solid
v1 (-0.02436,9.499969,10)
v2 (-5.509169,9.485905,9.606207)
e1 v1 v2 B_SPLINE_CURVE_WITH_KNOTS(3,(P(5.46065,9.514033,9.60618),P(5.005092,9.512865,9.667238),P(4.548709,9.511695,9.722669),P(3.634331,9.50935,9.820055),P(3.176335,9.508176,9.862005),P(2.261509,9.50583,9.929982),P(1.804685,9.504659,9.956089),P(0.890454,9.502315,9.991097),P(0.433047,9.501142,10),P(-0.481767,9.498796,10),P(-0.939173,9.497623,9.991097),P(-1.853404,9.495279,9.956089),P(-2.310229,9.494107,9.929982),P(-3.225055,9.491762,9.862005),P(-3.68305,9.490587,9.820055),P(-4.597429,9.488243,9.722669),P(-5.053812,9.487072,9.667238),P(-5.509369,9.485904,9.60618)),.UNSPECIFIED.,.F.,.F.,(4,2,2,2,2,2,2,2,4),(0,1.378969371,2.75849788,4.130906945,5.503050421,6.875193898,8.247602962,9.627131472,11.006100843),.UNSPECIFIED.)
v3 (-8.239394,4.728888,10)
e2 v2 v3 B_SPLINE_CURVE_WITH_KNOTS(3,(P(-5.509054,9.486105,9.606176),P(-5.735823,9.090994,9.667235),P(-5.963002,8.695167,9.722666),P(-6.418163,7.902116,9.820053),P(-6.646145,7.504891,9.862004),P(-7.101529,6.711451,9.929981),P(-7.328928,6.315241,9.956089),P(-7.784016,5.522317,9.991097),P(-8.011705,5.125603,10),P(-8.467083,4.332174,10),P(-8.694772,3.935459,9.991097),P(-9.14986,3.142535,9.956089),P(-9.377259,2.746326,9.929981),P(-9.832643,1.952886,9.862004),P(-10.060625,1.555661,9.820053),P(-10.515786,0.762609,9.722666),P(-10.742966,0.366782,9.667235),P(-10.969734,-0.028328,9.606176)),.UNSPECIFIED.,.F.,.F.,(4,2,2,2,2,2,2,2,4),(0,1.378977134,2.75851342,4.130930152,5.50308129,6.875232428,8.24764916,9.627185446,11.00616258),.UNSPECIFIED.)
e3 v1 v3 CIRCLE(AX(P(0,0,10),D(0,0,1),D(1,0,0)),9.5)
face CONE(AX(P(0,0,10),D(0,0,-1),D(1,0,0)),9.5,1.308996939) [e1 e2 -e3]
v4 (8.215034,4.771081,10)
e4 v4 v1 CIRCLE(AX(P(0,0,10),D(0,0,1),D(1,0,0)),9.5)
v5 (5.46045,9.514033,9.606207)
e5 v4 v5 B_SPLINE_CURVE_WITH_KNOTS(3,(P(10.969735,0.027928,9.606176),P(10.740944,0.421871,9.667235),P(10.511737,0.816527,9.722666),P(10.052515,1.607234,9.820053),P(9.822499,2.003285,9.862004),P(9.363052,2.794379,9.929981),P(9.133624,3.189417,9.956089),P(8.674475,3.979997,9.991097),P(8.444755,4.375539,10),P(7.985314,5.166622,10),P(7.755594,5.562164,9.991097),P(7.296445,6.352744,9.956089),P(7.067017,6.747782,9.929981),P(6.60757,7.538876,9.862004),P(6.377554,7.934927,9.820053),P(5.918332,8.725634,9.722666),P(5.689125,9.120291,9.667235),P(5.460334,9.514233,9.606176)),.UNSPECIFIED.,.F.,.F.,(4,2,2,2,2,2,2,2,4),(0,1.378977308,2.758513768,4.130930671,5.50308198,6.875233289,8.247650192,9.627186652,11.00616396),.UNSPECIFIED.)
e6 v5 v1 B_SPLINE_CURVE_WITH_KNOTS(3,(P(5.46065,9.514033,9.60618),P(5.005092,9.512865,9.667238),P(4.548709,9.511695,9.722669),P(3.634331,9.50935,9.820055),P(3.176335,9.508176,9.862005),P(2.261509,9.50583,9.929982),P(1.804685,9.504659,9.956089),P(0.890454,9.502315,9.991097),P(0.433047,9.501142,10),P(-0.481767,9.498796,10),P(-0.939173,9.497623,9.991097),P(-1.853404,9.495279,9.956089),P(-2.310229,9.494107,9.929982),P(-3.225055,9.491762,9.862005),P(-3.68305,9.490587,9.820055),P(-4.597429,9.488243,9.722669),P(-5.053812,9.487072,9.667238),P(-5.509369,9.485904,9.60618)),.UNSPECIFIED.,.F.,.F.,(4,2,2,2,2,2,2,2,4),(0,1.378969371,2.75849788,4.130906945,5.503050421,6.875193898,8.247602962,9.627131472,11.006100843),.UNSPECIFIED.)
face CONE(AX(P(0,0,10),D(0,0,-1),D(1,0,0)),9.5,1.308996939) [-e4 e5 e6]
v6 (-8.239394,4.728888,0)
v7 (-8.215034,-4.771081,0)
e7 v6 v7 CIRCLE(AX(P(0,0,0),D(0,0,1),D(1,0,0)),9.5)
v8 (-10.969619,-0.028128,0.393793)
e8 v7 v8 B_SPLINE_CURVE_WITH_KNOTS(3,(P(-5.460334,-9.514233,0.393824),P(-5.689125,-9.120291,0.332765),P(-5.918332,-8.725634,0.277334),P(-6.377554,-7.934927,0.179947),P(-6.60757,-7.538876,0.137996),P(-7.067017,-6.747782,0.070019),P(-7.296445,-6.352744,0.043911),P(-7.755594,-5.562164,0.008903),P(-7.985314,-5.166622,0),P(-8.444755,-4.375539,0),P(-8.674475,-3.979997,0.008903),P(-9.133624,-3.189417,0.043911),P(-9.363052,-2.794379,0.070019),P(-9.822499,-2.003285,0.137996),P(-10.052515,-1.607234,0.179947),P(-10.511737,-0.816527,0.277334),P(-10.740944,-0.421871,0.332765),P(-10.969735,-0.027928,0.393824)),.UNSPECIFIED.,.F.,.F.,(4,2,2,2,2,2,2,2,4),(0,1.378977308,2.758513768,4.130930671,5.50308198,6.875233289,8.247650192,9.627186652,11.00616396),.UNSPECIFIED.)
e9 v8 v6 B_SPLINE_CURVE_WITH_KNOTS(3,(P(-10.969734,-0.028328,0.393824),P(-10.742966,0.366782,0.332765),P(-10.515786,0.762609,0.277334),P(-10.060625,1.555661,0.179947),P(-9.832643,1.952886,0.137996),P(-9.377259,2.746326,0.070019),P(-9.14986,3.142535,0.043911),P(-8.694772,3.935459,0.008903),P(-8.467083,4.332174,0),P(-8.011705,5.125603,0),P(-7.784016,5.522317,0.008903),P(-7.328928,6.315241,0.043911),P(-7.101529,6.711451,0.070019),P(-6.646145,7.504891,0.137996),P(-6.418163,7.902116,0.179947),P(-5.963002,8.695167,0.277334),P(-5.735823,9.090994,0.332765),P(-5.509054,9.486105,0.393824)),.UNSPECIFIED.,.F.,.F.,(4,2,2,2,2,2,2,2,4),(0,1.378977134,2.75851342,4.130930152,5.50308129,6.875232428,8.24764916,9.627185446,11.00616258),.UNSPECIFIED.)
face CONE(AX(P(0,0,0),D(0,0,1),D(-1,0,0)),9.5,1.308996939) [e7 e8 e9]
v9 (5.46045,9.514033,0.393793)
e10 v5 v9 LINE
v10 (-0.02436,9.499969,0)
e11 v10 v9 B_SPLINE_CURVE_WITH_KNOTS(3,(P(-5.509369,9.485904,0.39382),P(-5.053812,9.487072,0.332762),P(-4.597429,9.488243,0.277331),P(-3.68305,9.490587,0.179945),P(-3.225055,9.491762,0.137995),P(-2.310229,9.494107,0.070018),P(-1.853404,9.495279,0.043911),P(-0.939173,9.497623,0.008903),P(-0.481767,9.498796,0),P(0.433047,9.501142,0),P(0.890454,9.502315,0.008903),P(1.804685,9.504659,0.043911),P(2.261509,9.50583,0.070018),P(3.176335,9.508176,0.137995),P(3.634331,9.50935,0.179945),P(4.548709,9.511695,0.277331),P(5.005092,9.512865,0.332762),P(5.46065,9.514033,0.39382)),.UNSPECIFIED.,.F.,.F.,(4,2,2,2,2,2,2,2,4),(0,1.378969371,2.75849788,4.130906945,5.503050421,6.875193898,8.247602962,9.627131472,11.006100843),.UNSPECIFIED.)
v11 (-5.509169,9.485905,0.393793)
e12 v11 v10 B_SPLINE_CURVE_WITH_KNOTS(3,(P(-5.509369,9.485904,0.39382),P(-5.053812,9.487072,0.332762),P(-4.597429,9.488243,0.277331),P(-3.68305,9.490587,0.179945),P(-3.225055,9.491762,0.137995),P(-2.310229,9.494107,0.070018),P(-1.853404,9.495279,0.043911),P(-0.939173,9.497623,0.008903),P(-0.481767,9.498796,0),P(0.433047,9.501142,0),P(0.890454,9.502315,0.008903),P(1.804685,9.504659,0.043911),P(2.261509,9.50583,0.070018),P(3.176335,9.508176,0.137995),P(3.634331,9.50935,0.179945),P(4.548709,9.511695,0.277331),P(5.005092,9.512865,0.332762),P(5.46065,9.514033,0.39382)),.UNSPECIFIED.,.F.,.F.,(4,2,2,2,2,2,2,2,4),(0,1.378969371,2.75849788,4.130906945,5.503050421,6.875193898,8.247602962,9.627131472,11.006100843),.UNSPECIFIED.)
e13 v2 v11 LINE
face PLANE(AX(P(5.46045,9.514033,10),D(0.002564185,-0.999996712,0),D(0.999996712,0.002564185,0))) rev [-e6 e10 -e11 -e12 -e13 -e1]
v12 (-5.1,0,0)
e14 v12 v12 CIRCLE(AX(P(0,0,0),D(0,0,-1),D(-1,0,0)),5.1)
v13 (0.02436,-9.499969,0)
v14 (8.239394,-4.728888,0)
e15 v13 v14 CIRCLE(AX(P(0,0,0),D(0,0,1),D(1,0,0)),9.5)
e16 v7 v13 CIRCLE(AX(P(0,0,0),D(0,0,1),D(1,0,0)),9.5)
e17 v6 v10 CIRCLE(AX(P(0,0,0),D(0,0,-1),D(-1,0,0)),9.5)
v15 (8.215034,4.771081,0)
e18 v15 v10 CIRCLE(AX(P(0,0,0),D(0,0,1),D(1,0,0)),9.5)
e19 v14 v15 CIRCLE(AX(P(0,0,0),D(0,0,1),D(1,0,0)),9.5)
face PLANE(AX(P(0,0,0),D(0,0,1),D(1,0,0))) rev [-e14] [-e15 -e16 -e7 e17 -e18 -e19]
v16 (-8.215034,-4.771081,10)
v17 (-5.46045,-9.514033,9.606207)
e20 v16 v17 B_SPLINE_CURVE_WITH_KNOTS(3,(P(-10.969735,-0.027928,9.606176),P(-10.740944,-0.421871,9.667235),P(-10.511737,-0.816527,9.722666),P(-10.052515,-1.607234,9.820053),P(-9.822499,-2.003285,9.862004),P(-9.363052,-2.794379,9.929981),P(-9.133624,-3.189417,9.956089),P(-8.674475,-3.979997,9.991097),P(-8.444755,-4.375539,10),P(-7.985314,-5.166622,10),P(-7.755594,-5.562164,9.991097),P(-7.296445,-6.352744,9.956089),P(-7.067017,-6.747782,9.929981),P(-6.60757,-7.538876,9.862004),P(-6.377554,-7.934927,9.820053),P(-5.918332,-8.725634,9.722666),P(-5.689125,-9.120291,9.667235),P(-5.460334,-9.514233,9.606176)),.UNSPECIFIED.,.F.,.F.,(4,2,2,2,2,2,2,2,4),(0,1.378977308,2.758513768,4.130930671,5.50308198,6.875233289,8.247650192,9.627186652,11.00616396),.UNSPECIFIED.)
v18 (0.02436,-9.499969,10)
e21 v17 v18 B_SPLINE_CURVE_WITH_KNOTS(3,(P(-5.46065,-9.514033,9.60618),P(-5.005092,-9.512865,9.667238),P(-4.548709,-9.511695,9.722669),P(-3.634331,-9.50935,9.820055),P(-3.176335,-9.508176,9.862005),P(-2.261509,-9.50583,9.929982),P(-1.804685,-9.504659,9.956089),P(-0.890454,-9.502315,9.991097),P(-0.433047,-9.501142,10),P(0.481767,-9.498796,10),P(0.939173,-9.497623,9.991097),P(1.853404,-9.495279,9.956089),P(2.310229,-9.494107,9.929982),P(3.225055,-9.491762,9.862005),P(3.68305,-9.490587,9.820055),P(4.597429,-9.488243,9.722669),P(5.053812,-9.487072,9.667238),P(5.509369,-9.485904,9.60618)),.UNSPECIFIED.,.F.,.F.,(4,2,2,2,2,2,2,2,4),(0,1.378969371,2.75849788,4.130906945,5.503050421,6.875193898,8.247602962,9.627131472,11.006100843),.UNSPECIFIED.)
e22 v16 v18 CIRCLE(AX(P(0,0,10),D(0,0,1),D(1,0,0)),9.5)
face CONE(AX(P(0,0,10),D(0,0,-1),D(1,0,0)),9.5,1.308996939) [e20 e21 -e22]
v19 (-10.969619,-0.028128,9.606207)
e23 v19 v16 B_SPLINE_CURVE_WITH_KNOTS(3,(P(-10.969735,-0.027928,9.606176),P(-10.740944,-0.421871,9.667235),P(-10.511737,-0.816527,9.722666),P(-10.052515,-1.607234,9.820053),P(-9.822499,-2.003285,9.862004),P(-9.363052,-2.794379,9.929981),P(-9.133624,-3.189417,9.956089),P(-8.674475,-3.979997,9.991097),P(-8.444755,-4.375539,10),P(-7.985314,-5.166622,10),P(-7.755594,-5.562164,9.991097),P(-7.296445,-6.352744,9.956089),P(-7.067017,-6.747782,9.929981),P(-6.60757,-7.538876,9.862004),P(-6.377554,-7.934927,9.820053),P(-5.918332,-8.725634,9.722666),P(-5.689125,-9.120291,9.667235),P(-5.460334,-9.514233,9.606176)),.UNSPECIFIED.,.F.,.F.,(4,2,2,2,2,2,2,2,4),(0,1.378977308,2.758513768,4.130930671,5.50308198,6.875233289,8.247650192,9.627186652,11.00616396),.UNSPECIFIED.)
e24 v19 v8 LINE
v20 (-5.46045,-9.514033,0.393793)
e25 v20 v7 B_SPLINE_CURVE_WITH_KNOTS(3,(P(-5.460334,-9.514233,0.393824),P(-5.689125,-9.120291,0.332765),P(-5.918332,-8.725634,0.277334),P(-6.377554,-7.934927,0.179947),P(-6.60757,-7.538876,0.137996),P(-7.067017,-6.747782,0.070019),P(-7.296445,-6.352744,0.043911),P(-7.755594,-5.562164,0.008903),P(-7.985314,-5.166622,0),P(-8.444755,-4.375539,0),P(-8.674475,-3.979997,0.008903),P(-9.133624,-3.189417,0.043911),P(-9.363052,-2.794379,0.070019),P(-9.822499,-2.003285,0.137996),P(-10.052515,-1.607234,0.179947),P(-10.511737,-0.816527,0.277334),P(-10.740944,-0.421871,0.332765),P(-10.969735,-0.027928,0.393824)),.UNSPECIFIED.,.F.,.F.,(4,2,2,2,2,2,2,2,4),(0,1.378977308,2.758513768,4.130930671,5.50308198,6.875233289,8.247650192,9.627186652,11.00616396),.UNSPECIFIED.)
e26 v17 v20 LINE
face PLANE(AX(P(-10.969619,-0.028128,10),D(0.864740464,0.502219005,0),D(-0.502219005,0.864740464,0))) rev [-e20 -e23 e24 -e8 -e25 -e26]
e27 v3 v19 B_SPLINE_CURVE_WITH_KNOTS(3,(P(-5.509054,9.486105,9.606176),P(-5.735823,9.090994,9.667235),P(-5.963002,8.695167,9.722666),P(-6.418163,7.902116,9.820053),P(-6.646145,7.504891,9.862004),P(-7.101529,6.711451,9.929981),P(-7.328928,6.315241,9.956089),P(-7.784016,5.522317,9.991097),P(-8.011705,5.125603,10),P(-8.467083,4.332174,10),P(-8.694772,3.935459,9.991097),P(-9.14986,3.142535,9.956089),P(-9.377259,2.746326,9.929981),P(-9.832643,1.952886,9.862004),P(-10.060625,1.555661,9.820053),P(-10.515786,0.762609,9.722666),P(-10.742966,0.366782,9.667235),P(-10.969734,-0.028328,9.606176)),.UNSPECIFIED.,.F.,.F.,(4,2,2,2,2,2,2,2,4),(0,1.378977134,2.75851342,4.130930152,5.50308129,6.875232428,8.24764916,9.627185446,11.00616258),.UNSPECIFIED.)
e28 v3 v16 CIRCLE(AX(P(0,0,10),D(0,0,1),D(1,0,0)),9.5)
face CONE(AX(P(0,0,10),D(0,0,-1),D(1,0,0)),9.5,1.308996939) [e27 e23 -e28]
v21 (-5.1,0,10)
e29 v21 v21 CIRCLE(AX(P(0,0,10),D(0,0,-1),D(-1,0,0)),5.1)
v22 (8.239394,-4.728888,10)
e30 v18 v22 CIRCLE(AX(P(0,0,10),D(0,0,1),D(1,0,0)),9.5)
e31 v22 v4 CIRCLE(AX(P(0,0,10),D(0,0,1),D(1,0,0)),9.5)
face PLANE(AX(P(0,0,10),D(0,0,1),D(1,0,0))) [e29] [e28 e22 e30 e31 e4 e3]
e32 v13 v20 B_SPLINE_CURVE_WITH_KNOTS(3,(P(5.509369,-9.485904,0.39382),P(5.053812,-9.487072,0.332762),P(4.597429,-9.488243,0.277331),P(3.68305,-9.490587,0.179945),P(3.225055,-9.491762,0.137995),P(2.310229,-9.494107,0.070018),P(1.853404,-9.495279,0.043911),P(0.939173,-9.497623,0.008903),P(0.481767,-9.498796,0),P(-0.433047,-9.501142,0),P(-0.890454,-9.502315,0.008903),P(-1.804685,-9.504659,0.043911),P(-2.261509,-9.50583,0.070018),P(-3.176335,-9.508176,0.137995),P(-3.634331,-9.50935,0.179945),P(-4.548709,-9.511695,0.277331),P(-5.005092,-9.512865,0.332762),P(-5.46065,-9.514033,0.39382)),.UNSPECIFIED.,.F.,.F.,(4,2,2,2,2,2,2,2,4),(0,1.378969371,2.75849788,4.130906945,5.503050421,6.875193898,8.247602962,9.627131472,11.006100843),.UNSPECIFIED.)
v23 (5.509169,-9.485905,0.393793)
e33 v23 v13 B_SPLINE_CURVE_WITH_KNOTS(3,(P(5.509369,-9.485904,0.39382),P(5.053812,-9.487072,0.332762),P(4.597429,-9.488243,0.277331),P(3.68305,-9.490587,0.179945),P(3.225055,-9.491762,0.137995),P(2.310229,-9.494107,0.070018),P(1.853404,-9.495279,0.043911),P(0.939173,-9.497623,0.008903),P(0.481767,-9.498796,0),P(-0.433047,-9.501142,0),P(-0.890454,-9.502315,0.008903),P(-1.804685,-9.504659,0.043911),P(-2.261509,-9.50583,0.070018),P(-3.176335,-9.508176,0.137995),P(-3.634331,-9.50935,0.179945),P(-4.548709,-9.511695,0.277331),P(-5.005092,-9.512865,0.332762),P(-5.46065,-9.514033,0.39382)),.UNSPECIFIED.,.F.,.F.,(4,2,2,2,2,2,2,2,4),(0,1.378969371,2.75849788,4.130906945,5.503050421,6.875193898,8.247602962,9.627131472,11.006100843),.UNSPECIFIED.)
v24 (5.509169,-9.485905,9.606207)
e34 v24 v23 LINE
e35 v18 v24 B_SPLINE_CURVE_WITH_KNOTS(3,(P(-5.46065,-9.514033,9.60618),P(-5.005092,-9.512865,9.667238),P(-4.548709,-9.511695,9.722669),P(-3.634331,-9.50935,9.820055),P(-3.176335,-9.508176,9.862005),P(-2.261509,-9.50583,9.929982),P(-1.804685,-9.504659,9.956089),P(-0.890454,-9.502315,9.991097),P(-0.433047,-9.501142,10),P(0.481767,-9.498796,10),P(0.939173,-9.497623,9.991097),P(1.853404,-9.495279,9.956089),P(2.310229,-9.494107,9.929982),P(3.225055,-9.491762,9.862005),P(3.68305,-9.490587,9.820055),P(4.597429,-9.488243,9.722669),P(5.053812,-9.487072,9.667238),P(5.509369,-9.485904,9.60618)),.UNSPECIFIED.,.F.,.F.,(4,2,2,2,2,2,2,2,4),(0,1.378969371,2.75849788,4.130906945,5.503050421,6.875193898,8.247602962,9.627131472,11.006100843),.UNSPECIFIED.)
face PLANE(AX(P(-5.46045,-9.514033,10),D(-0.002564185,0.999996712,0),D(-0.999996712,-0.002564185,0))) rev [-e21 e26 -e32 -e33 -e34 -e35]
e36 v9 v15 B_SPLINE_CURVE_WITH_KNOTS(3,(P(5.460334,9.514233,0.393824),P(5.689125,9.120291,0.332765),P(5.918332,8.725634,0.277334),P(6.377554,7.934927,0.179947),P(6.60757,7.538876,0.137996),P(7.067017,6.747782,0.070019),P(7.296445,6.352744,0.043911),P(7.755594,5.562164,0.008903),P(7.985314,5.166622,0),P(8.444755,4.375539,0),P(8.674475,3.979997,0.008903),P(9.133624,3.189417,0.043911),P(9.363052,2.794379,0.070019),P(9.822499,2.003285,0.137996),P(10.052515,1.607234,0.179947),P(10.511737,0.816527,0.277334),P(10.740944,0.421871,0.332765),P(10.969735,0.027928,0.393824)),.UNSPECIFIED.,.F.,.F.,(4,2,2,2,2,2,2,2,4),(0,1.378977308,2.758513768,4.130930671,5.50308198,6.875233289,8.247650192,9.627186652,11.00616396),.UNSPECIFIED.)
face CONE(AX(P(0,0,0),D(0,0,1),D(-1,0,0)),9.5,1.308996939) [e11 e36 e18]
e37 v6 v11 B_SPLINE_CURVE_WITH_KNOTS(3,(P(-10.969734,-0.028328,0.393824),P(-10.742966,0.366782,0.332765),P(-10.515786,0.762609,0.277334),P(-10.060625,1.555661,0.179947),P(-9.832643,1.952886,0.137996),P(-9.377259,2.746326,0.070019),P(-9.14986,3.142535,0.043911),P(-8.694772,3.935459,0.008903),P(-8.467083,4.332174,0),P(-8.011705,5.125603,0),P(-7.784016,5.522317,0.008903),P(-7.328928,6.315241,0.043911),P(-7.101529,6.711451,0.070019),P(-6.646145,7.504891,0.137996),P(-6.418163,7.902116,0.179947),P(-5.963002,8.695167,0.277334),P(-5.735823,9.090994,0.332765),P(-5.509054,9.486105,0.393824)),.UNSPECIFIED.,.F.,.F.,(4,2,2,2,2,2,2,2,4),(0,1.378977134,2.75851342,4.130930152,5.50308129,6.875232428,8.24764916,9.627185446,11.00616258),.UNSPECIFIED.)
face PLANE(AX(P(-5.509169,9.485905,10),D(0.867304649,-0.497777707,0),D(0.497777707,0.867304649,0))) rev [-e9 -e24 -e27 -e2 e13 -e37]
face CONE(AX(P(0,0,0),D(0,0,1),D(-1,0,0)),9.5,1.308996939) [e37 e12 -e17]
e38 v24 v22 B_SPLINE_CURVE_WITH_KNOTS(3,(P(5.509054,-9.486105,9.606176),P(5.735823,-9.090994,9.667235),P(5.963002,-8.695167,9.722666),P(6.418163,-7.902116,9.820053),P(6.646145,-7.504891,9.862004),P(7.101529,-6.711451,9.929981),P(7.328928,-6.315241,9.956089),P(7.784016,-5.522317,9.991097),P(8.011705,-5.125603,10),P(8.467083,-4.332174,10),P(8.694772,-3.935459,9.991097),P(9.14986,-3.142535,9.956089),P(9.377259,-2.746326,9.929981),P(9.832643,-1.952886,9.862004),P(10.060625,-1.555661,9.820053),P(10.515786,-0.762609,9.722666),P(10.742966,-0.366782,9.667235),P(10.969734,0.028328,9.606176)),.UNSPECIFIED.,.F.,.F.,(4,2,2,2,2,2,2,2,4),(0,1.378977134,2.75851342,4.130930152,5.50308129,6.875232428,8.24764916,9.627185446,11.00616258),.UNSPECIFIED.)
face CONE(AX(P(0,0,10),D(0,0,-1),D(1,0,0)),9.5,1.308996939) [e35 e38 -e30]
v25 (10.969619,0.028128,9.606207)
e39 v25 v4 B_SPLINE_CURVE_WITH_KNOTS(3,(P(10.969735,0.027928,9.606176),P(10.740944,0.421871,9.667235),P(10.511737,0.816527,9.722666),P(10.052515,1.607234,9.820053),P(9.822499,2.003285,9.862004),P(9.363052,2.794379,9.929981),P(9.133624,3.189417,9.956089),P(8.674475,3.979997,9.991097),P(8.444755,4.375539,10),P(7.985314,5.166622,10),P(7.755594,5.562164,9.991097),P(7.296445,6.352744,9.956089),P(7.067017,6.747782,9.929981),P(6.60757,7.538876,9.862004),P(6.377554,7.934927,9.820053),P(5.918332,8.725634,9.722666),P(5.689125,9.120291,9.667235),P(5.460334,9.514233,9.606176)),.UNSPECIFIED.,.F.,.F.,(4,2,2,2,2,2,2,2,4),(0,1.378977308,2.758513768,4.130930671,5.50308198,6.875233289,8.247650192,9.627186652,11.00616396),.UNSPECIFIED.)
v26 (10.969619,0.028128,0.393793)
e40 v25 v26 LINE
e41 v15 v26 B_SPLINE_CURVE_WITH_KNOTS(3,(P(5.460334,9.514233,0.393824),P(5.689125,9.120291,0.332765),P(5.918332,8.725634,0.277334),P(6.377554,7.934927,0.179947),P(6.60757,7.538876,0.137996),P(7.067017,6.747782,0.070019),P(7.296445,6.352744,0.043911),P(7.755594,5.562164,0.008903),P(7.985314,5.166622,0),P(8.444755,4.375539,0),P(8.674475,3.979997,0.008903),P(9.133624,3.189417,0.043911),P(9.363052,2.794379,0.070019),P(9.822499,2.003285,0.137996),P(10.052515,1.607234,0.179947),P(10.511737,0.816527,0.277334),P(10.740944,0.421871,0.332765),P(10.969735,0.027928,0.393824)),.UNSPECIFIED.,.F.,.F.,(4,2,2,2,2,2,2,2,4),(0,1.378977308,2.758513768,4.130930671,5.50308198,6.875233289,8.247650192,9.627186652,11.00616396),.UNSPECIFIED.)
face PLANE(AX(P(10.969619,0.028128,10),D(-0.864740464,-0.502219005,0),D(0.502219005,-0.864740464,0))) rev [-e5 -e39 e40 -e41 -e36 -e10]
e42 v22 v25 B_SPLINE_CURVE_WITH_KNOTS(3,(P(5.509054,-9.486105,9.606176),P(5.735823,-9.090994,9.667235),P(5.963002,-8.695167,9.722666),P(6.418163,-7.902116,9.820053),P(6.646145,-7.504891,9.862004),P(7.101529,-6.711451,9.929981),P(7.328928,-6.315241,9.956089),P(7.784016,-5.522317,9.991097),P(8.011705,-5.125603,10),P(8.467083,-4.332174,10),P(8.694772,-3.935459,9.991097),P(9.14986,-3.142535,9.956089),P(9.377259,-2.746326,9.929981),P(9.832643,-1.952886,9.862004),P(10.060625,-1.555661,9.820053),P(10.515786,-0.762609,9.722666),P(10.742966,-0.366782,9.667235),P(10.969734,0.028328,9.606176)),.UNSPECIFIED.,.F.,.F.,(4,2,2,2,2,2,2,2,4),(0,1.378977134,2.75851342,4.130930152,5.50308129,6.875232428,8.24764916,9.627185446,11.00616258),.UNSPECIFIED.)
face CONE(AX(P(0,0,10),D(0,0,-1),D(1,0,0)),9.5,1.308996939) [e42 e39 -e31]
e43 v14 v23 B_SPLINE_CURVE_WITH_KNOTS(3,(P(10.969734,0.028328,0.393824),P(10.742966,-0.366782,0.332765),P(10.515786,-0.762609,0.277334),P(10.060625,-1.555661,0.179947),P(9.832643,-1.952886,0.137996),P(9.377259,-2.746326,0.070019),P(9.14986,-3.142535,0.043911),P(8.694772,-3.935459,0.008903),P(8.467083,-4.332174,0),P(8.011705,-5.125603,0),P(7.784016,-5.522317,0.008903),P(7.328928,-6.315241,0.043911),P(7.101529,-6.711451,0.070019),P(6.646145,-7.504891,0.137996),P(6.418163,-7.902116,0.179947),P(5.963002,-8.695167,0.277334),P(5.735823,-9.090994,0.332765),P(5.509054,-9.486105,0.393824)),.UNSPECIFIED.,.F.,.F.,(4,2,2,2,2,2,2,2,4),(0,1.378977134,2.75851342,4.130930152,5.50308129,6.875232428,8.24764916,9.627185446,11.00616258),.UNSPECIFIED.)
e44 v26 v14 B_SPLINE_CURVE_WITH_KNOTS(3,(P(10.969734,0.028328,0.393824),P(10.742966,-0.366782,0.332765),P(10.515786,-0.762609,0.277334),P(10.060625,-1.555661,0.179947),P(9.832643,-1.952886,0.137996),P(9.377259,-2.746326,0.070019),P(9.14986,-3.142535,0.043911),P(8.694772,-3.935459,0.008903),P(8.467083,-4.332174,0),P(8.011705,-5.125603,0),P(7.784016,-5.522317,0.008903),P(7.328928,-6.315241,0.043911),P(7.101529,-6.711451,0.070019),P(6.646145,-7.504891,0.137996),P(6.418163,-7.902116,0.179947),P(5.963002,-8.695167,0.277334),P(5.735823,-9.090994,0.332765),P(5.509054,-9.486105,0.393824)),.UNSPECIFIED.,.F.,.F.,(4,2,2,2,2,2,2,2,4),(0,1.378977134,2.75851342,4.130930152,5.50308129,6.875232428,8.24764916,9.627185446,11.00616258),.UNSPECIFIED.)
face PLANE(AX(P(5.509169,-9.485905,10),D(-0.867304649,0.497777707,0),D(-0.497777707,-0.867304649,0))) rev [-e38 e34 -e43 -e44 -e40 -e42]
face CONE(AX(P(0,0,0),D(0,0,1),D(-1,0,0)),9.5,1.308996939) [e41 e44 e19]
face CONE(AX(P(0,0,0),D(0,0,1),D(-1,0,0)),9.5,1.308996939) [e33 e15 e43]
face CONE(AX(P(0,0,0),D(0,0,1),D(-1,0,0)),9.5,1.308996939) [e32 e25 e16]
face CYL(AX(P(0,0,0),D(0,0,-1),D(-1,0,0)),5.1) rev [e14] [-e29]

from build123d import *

# Parameters (mm, degrees)
RESSALTO_EXTRUS_O1_DEPTH = 10
ESBO_O2_OUTSIDE_W        = 142.044
ESBO_O2_OUTSIDE_H        = 139.132
ESBO_O2_OUTSIDE_R        = 9.5
CORTE_EXTRUS_O1_DEPTH    = 15
CORTE_EXTRUS_O1_DRAFT    = -75
ESBO_O3_OUTSIDE_W        = 142.044
ESBO_O3_OUTSIDE_H        = 139.132
ESBO_O3_OUTSIDE_R        = 9.5
CORTE_EXTRUS_O2_DEPTH    = 15
CORTE_EXTRUS_O2_DRAFT    = -75
FURO_ROSCADO_DE_M121_D   = 10.2


with BuildPart() as part:
    # Esboço1 → Ressalto-extrusão1 (new body)
    with BuildSketch(Plane.XY):
        Polygon((5.460449769, 9.51403288), (-5.509169282, 9.485904657), (-10.969619052, -0.028128224), (-5.460449769, -9.51403288), (5.509169282, -9.485904657), (10.969619052, 0.028128224), align=None)
    extrude(amount=RESSALTO_EXTRUS_O1_DEPTH)


with BuildPart() as corte_extrus_o1_tool:
    # Esboço2 outside → Corte-extrusão1 (with draft: the straight prism first)
    with BuildSketch(Plane.XY.offset(10)):
        Rectangle(ESBO_O2_OUTSIDE_W, ESBO_O2_OUTSIDE_H)
        Circle(ESBO_O2_OUTSIDE_R, mode=Mode.SUBTRACT)
    extrude(amount=-CORTE_EXTRUS_O1_DEPTH)
    # Corte-extrusão1: the draft: its side faces are tilted about the plane it starts from
    corte_extrus_o1_sides = [corte_extrus_o1_tool.faces().sort_by_distance(p)[0] for p in [
        (0, -69.566, 2.5),
        (71.022, 0, 2.5),
        (0, 69.566, 2.5),
        (-71.022, 0, 2.5),
        (-9.5, 0, 2.5),
    ]]
    draft(corte_extrus_o1_sides, Plane.XY.offset(10), CORTE_EXTRUS_O1_DRAFT)


with BuildPart() as part_1:
    add(part.part)

    # Corte-extrusão1: cut by corte_extrus_o1_tool
    add(corte_extrus_o1_tool.part, mode=Mode.SUBTRACT)


with BuildPart() as corte_extrus_o2_tool:
    # Esboço3 outside → Corte-extrusão2 (with draft: the straight prism first)
    with BuildSketch(Plane(origin=(0, 0, 0), x_dir=(-1, 0, 0), z_dir=(0, 0, -1))):
        Rectangle(ESBO_O3_OUTSIDE_W, ESBO_O3_OUTSIDE_H)
        Circle(ESBO_O3_OUTSIDE_R, mode=Mode.SUBTRACT)
    extrude(amount=-CORTE_EXTRUS_O2_DEPTH)
    # Corte-extrusão2: the draft: its side faces are tilted about the plane it starts from
    corte_extrus_o2_sides = [corte_extrus_o2_tool.faces().sort_by_distance(p)[0] for p in [
        (0, -69.566, 7.5),
        (-71.022, 0, 7.5),
        (0, 69.566, 7.5),
        (71.022, 0, 7.5),
        (9.5, 0, 7.5),
    ]]
    draft(corte_extrus_o2_sides, Plane(origin=(0, 0, 0), x_dir=(-1, 0, 0), z_dir=(0, 0, -1)), CORTE_EXTRUS_O2_DRAFT)


with BuildPart() as part_2:
    add(part_1.part)

    # Corte-extrusão2: cut by corte_extrus_o2_tool
    add(corte_extrus_o2_tool.part, mode=Mode.SUBTRACT)

    # Furo roscado de M121 (through all)
    with Locations(Plane(origin=(0, 0, 0), x_dir=(-1, 0, 0), z_dir=(0, 0, -1))):
        with Locations((0, 0)):
            Hole(FURO_ROSCADO_DE_M121_D / 2)


solid = part_2.part
